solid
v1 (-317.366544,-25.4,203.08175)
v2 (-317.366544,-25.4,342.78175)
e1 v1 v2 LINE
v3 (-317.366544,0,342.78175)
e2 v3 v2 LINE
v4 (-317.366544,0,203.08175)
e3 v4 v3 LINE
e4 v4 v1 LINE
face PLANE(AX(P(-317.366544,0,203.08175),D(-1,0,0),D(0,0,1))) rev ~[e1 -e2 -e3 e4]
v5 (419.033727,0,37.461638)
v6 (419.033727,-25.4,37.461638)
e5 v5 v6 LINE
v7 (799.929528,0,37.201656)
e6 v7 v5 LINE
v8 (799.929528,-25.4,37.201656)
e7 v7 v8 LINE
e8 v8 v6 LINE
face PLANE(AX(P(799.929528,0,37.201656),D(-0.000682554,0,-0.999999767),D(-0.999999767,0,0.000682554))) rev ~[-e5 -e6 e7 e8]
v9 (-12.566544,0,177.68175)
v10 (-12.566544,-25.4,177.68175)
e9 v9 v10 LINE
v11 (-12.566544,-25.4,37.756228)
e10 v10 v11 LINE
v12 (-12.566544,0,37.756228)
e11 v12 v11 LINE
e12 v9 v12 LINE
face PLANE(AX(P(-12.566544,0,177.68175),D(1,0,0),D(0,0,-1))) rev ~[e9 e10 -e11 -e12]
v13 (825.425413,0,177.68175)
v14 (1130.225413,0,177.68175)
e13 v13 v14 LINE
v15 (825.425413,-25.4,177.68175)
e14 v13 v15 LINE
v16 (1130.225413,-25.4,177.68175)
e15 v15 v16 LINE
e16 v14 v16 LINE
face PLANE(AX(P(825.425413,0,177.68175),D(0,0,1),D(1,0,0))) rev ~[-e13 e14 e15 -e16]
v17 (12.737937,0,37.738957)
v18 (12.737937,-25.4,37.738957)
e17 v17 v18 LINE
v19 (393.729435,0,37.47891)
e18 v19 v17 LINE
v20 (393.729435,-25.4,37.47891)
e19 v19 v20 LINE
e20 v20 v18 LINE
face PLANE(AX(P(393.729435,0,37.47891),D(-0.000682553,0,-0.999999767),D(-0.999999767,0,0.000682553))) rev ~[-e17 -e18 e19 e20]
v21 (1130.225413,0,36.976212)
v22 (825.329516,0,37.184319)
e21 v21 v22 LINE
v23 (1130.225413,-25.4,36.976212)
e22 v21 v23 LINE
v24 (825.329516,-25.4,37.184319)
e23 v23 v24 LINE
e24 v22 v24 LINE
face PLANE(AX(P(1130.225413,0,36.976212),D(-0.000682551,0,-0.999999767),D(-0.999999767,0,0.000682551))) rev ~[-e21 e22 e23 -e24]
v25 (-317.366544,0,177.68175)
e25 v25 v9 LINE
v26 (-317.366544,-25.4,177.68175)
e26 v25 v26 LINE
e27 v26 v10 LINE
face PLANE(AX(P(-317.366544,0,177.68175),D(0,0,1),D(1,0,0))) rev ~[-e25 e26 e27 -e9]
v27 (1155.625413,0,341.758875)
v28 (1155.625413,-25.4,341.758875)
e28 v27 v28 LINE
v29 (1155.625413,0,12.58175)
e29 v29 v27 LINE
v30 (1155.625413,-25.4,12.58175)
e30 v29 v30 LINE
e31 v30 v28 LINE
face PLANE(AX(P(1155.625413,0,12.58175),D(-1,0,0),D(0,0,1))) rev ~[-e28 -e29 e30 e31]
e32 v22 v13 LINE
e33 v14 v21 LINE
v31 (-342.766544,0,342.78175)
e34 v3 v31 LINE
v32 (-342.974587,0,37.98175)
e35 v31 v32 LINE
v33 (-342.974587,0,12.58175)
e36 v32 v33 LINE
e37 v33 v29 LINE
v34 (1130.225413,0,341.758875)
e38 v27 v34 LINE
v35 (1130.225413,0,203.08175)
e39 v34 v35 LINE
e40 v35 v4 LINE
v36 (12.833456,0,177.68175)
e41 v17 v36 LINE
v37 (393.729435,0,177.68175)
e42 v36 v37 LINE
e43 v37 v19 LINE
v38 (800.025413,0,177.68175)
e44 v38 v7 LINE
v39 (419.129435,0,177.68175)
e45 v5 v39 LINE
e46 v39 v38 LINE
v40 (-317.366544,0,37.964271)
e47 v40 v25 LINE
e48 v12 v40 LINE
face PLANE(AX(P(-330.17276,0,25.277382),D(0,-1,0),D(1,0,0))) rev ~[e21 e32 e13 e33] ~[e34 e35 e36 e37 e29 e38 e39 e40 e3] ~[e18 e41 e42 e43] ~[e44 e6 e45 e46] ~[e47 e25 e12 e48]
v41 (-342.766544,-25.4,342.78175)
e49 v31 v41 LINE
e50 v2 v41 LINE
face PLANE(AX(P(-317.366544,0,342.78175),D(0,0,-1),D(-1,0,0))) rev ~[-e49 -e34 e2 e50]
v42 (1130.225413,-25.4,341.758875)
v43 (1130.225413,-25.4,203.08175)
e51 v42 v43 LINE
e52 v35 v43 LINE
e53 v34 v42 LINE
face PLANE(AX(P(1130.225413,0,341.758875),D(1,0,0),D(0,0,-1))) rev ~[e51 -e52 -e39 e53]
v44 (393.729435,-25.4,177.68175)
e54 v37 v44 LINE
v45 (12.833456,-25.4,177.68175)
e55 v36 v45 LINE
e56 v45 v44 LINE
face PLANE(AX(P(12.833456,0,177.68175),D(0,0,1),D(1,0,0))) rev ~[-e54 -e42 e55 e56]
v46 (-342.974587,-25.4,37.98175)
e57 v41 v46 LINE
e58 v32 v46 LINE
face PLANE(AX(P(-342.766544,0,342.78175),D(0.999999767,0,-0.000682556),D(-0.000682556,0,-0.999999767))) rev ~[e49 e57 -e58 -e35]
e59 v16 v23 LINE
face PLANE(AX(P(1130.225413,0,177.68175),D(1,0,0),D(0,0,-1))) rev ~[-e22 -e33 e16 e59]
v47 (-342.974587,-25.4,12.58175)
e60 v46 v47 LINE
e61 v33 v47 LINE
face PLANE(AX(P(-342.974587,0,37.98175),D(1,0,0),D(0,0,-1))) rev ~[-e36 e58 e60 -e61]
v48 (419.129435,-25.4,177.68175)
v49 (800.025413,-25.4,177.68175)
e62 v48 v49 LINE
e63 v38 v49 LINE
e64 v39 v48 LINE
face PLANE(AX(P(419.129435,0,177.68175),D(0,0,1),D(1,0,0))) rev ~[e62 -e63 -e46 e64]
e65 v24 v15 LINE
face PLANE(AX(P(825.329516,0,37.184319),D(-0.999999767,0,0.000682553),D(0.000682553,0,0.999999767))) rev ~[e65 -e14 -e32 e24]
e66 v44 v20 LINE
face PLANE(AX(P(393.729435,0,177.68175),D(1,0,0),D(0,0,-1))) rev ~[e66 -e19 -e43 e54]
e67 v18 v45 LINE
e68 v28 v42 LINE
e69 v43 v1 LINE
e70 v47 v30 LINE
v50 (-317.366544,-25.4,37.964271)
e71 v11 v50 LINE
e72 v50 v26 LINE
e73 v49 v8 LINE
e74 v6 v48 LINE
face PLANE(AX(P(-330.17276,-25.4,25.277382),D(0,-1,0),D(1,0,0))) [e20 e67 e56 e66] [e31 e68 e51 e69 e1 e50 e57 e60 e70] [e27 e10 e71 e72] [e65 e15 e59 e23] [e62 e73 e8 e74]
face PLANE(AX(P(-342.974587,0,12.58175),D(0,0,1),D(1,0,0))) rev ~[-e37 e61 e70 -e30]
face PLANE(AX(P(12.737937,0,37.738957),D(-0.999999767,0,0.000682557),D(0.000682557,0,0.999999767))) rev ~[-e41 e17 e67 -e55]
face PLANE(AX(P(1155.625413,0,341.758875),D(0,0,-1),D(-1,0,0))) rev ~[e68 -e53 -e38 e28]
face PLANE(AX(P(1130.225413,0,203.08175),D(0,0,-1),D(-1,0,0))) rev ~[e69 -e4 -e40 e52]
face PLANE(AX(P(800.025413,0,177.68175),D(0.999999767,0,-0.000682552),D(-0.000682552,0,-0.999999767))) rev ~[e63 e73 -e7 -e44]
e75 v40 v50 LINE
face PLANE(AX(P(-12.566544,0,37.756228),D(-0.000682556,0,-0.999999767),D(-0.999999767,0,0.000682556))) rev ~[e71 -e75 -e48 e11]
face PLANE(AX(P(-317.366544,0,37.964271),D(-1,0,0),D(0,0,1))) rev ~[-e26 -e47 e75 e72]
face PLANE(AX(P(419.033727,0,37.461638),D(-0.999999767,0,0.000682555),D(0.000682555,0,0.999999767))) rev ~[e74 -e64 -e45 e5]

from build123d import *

# Parameters (mm, degrees)
F1_DEPTH = 25.4


with BuildPart() as f1:
    # F0 (on Front) → F1 (new body)
    with BuildSketch(Plane.XZ):
        Polygon((-342.974587, 37.98175), (-342.974587, 12.58175), (-317.366544, 12.58175), (-317.366544, 37.964271), align=None)
        Polygon((-342.766544, 342.78175), (-342.974587, 37.98175), (-317.366544, 37.964271), (-317.366544, 177.68175), (-317.366544, 203.08175), (-317.366544, 342.78175), align=None)
        Polygon((1130.225413, 36.976212), (1155.625413, 36.958875), (1155.625413, 341.758875), (1130.225413, 341.758875), (1130.225413, 203.08175), (1130.225413, 177.68175), align=None)
        Polygon((-317.366544, 37.964271), (-317.366544, 12.58175), (1155.625413, 12.58175), (1155.625413, 36.958875), (1130.225413, 36.976212), (825.329516, 37.184319), (799.929528, 37.201656), (419.033727, 37.461638), (406.325413, 37.470312), (393.729435, 37.47891), (12.737937, 37.738957), (-12.566544, 37.756228), align=None)
        Polygon((-317.366544, 203.08175), (-317.366544, 177.68175), (-12.566544, 177.68175), (12.833456, 177.68175), (393.729435, 177.68175), (406.429435, 177.68175), (419.129435, 177.68175), (800.025413, 177.68175), (825.425413, 177.68175), (1130.225413, 177.68175), (1130.225413, 203.08175), align=None)
        Polygon((-12.566544, 177.68175), (-12.566544, 37.756228), (12.737937, 37.738957), (12.833456, 177.68175), align=None)
        Polygon((406.429435, 177.68175), (406.325413, 37.470312), (419.033727, 37.461638), (419.129435, 177.68175), align=None)
        Polygon((393.729435, 177.68175), (393.729435, 37.47891), (406.325413, 37.470312), (406.429435, 177.68175), align=None)
        Polygon((799.929528, 37.201656), (825.329516, 37.184319), (825.425413, 177.68175), (800.025413, 177.68175), align=None)
    extrude(amount=F1_DEPTH)


solid = f1.part
